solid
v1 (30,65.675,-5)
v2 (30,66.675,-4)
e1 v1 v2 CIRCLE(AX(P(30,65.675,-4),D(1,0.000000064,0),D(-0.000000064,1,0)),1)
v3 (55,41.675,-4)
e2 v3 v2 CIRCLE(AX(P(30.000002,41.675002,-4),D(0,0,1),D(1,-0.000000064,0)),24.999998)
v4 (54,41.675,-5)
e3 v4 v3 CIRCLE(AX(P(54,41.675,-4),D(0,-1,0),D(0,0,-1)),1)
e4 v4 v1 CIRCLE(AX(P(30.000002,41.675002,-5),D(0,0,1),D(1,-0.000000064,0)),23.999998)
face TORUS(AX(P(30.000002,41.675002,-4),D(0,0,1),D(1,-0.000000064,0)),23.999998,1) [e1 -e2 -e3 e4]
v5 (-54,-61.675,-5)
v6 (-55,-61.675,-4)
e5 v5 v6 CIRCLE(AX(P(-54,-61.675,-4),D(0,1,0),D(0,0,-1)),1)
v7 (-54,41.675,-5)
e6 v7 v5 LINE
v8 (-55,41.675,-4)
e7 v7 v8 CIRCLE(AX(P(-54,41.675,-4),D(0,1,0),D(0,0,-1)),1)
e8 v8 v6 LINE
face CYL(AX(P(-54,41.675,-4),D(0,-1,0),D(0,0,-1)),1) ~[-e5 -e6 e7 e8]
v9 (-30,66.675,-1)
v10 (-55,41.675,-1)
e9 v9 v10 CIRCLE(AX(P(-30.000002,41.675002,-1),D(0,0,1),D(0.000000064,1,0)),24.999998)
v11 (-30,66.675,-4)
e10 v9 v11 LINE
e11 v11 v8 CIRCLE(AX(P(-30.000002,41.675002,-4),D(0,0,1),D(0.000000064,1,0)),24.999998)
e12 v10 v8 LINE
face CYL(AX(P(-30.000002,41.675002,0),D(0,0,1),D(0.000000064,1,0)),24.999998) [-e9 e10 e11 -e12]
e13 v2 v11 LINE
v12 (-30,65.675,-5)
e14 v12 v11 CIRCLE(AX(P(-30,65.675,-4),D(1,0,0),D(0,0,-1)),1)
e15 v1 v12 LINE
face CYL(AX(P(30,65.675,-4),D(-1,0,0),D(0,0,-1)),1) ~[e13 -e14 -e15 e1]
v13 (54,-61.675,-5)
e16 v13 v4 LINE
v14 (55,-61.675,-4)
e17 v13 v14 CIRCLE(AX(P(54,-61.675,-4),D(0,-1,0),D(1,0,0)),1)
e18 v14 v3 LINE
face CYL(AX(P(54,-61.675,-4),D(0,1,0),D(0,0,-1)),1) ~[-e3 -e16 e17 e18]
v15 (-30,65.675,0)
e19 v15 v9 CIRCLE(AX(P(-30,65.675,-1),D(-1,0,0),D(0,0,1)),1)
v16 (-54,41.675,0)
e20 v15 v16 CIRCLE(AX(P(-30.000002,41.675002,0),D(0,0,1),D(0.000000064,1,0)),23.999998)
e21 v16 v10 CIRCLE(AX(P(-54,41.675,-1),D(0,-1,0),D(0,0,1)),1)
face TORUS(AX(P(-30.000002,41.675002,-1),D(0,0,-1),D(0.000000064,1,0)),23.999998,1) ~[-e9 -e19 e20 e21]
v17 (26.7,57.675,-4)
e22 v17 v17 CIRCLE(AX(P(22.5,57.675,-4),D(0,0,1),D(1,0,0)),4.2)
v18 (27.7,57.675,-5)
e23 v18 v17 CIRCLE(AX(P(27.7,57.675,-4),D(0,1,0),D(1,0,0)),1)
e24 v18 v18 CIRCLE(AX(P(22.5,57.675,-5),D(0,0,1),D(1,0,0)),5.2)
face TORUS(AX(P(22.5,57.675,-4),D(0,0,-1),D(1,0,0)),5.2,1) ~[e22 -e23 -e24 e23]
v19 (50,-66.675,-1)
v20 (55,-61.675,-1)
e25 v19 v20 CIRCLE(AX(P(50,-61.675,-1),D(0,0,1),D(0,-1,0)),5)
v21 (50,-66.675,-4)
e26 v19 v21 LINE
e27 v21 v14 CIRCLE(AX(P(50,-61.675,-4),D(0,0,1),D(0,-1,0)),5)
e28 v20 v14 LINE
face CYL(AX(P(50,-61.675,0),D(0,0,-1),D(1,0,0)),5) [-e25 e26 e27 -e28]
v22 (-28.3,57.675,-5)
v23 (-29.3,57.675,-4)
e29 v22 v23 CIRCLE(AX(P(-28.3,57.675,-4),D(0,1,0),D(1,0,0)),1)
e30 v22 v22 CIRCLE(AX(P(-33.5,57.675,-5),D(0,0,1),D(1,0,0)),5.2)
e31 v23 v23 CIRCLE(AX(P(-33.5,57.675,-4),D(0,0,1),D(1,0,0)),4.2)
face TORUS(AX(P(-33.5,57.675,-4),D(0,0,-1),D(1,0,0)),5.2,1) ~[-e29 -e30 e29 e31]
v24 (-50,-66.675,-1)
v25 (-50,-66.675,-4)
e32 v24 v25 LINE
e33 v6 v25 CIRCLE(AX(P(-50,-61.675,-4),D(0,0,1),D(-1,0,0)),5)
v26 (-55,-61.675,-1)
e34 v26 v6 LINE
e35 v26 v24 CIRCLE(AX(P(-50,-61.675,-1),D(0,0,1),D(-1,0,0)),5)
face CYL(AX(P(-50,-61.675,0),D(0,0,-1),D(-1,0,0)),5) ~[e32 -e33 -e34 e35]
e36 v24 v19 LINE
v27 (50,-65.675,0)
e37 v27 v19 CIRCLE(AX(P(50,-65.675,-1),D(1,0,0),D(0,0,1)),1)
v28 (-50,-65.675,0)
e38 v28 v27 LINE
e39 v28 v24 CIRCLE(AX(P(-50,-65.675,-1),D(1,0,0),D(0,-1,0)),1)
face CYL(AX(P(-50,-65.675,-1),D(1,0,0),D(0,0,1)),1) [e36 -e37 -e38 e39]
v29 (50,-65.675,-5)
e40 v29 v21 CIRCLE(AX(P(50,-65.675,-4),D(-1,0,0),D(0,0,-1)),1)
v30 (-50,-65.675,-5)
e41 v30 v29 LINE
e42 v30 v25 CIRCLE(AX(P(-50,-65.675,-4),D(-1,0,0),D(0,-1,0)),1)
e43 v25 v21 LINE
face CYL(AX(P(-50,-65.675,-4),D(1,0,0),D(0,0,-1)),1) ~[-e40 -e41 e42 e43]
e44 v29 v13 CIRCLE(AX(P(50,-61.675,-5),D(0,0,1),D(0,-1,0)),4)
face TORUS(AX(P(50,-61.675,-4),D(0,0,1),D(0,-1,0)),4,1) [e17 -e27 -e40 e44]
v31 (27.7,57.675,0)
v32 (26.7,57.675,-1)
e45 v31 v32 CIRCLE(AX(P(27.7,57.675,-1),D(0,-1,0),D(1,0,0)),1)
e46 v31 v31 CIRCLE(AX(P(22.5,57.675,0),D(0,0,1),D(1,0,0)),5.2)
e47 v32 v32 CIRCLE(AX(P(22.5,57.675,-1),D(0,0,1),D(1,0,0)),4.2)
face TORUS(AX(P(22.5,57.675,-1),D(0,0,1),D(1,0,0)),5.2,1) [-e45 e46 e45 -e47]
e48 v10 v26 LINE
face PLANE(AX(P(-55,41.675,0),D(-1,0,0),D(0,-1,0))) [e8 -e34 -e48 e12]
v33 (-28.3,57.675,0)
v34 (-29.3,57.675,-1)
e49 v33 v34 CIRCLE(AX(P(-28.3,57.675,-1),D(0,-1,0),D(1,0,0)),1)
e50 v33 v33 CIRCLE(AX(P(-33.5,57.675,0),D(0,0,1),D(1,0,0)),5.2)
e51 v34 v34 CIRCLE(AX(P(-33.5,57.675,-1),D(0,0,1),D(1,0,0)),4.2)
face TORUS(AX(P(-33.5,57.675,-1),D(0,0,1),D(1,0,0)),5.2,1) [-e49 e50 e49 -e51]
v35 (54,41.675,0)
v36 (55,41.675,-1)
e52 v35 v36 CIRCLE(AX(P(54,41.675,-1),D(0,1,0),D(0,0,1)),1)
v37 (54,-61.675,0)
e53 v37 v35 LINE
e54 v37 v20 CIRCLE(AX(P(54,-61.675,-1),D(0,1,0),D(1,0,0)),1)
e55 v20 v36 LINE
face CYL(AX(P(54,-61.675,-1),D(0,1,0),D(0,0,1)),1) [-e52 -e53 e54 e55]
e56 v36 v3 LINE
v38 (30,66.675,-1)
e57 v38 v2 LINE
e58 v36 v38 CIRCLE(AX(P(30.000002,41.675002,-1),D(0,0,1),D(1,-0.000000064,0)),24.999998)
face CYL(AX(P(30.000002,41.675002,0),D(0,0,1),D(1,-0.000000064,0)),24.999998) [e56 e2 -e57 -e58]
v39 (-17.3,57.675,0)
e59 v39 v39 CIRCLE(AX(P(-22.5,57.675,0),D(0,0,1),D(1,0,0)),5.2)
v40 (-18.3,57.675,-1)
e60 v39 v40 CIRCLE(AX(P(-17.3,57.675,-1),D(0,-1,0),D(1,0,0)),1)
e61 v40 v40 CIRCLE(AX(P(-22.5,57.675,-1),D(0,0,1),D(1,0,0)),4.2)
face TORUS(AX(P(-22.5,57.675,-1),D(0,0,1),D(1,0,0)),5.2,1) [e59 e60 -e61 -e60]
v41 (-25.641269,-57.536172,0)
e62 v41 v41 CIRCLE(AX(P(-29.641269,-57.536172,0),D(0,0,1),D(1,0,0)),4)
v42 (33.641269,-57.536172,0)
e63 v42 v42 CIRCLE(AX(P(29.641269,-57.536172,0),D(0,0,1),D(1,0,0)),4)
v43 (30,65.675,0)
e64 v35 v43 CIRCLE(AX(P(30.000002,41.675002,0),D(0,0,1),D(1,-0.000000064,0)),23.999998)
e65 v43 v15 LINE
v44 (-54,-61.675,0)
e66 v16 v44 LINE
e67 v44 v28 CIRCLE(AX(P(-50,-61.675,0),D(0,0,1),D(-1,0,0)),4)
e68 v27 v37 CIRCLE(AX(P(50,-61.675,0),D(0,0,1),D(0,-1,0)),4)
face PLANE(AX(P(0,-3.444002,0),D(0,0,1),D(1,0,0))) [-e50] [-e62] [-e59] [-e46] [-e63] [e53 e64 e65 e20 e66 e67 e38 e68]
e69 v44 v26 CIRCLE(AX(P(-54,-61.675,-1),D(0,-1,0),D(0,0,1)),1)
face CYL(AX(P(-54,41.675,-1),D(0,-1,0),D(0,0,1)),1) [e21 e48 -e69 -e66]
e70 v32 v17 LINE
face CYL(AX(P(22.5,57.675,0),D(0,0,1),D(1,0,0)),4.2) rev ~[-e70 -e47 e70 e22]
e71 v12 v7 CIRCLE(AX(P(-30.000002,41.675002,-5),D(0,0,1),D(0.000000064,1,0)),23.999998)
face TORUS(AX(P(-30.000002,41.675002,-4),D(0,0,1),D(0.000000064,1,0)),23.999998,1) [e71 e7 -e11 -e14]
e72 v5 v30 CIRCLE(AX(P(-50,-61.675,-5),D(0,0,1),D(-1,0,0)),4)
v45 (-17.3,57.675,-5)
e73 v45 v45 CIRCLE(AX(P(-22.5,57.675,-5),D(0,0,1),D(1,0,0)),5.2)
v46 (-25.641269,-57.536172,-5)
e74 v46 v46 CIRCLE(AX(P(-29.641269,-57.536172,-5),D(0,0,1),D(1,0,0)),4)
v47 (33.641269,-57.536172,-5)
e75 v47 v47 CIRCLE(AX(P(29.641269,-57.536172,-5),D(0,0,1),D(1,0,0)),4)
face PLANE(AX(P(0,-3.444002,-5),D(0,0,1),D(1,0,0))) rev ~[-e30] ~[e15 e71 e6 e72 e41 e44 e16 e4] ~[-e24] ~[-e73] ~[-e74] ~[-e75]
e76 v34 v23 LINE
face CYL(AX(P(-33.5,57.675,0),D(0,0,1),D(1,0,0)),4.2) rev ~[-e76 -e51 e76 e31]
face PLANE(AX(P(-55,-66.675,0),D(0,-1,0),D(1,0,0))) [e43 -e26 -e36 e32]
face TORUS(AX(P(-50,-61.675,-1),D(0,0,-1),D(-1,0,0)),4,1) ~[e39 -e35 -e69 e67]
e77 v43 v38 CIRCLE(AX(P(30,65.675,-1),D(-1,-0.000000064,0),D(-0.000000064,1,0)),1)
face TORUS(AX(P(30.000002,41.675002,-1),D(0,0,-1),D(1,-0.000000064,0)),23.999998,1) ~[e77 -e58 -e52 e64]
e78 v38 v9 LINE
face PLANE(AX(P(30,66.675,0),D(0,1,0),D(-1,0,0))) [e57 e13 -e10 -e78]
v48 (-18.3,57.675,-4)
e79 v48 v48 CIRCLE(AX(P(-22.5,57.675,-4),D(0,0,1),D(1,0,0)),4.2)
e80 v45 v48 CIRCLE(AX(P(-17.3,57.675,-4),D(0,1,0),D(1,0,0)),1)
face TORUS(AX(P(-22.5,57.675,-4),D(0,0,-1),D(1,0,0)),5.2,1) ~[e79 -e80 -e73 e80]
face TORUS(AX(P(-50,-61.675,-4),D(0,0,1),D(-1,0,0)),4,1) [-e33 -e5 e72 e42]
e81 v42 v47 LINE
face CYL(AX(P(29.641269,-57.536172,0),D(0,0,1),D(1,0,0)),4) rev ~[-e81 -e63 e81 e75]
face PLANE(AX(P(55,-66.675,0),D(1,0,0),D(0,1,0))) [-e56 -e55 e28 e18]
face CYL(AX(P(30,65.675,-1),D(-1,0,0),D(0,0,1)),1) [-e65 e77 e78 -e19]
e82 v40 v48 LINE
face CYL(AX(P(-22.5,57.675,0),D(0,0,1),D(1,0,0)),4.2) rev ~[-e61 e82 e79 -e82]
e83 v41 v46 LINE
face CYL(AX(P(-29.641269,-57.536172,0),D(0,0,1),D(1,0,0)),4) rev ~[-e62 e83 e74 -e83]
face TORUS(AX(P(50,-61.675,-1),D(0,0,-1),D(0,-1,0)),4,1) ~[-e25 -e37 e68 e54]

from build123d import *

# Parameters (mm, degrees)
F0_R     = 4.2
F1_DEPTH = 5
F2_R     = 5
F3_R     = 1
F4_R     = 4
F5_DEPTH = 5.001


with BuildPart() as f1:
    # F0 (on Top) → F1 (new body)
    with BuildSketch(Plane.XY):
        with BuildLine():
            Line((30, 66.675), (-30, 66.675))
            ThreePointArc((-30, 66.675), (-47.67767, 59.35267), (-55, 41.675))
            Line((-55, 41.675), (-55, -66.675))
            Line((-55, -66.675), (55, -66.675))
            Line((55, -66.675), (55, 41.675))
            ThreePointArc((55, 41.675), (47.67767, 59.35267), (30, 66.675))
        make_face()
        with Locations((-33.5, 57.675)):
            Circle(F0_R, mode=Mode.SUBTRACT)
        with Locations((-22.5, 57.675)):
            Circle(F0_R, mode=Mode.SUBTRACT)
        with Locations((22.5, 57.675)):
            Circle(F0_R, mode=Mode.SUBTRACT)
    extrude(amount=-F1_DEPTH)

    # F2
    f2_edges = [f1.edges().sort_by_distance(p)[0] for p in [
        (55, -66.675, -2.5),
        (-55, -66.675, -2.5),
    ]]
    fillet(f2_edges, radius=F2_R)

    # F3
    f3_edges = [f1.edges().sort_by_distance(p)[0] for p in [
        (-55, -10, 0),
        (-53.535534, -65.210534, 0),
        (-47.67767, 59.35267, 0),
        (0, -66.675, 0),
        (0, 66.675, 0),
        (53.535534, -65.210534, 0),
        (47.67767, 59.35267, 0),
        (55, -10, 0),
        (-37.7, 57.675, 0),
        (-26.7, 57.675, 0),
        (18.3, 57.675, 0),
        (-55, -10, -5),
        (-53.535534, -65.210534, -5),
        (-47.67767, 59.35267, -5),
        (0, -66.675, -5),
        (0, 66.675, -5),
        (53.535534, -65.210534, -5),
        (47.67767, 59.35267, -5),
        (55, -10, -5),
        (-37.7, 57.675, -5),
        (-26.7, 57.675, -5),
        (18.3, 57.675, -5),
    ]]
    fillet(f3_edges, radius=F3_R)

    # F4 (on face) → F5 (cut, through all)
    with BuildSketch(Plane.XY):
        with Locations((29.641269, -57.536172)):
            Circle(F4_R)
        with Locations((-29.641269, -57.536172)):
            Circle(F4_R)
    extrude(amount=-F5_DEPTH, mode=Mode.SUBTRACT)


solid = f1.part
